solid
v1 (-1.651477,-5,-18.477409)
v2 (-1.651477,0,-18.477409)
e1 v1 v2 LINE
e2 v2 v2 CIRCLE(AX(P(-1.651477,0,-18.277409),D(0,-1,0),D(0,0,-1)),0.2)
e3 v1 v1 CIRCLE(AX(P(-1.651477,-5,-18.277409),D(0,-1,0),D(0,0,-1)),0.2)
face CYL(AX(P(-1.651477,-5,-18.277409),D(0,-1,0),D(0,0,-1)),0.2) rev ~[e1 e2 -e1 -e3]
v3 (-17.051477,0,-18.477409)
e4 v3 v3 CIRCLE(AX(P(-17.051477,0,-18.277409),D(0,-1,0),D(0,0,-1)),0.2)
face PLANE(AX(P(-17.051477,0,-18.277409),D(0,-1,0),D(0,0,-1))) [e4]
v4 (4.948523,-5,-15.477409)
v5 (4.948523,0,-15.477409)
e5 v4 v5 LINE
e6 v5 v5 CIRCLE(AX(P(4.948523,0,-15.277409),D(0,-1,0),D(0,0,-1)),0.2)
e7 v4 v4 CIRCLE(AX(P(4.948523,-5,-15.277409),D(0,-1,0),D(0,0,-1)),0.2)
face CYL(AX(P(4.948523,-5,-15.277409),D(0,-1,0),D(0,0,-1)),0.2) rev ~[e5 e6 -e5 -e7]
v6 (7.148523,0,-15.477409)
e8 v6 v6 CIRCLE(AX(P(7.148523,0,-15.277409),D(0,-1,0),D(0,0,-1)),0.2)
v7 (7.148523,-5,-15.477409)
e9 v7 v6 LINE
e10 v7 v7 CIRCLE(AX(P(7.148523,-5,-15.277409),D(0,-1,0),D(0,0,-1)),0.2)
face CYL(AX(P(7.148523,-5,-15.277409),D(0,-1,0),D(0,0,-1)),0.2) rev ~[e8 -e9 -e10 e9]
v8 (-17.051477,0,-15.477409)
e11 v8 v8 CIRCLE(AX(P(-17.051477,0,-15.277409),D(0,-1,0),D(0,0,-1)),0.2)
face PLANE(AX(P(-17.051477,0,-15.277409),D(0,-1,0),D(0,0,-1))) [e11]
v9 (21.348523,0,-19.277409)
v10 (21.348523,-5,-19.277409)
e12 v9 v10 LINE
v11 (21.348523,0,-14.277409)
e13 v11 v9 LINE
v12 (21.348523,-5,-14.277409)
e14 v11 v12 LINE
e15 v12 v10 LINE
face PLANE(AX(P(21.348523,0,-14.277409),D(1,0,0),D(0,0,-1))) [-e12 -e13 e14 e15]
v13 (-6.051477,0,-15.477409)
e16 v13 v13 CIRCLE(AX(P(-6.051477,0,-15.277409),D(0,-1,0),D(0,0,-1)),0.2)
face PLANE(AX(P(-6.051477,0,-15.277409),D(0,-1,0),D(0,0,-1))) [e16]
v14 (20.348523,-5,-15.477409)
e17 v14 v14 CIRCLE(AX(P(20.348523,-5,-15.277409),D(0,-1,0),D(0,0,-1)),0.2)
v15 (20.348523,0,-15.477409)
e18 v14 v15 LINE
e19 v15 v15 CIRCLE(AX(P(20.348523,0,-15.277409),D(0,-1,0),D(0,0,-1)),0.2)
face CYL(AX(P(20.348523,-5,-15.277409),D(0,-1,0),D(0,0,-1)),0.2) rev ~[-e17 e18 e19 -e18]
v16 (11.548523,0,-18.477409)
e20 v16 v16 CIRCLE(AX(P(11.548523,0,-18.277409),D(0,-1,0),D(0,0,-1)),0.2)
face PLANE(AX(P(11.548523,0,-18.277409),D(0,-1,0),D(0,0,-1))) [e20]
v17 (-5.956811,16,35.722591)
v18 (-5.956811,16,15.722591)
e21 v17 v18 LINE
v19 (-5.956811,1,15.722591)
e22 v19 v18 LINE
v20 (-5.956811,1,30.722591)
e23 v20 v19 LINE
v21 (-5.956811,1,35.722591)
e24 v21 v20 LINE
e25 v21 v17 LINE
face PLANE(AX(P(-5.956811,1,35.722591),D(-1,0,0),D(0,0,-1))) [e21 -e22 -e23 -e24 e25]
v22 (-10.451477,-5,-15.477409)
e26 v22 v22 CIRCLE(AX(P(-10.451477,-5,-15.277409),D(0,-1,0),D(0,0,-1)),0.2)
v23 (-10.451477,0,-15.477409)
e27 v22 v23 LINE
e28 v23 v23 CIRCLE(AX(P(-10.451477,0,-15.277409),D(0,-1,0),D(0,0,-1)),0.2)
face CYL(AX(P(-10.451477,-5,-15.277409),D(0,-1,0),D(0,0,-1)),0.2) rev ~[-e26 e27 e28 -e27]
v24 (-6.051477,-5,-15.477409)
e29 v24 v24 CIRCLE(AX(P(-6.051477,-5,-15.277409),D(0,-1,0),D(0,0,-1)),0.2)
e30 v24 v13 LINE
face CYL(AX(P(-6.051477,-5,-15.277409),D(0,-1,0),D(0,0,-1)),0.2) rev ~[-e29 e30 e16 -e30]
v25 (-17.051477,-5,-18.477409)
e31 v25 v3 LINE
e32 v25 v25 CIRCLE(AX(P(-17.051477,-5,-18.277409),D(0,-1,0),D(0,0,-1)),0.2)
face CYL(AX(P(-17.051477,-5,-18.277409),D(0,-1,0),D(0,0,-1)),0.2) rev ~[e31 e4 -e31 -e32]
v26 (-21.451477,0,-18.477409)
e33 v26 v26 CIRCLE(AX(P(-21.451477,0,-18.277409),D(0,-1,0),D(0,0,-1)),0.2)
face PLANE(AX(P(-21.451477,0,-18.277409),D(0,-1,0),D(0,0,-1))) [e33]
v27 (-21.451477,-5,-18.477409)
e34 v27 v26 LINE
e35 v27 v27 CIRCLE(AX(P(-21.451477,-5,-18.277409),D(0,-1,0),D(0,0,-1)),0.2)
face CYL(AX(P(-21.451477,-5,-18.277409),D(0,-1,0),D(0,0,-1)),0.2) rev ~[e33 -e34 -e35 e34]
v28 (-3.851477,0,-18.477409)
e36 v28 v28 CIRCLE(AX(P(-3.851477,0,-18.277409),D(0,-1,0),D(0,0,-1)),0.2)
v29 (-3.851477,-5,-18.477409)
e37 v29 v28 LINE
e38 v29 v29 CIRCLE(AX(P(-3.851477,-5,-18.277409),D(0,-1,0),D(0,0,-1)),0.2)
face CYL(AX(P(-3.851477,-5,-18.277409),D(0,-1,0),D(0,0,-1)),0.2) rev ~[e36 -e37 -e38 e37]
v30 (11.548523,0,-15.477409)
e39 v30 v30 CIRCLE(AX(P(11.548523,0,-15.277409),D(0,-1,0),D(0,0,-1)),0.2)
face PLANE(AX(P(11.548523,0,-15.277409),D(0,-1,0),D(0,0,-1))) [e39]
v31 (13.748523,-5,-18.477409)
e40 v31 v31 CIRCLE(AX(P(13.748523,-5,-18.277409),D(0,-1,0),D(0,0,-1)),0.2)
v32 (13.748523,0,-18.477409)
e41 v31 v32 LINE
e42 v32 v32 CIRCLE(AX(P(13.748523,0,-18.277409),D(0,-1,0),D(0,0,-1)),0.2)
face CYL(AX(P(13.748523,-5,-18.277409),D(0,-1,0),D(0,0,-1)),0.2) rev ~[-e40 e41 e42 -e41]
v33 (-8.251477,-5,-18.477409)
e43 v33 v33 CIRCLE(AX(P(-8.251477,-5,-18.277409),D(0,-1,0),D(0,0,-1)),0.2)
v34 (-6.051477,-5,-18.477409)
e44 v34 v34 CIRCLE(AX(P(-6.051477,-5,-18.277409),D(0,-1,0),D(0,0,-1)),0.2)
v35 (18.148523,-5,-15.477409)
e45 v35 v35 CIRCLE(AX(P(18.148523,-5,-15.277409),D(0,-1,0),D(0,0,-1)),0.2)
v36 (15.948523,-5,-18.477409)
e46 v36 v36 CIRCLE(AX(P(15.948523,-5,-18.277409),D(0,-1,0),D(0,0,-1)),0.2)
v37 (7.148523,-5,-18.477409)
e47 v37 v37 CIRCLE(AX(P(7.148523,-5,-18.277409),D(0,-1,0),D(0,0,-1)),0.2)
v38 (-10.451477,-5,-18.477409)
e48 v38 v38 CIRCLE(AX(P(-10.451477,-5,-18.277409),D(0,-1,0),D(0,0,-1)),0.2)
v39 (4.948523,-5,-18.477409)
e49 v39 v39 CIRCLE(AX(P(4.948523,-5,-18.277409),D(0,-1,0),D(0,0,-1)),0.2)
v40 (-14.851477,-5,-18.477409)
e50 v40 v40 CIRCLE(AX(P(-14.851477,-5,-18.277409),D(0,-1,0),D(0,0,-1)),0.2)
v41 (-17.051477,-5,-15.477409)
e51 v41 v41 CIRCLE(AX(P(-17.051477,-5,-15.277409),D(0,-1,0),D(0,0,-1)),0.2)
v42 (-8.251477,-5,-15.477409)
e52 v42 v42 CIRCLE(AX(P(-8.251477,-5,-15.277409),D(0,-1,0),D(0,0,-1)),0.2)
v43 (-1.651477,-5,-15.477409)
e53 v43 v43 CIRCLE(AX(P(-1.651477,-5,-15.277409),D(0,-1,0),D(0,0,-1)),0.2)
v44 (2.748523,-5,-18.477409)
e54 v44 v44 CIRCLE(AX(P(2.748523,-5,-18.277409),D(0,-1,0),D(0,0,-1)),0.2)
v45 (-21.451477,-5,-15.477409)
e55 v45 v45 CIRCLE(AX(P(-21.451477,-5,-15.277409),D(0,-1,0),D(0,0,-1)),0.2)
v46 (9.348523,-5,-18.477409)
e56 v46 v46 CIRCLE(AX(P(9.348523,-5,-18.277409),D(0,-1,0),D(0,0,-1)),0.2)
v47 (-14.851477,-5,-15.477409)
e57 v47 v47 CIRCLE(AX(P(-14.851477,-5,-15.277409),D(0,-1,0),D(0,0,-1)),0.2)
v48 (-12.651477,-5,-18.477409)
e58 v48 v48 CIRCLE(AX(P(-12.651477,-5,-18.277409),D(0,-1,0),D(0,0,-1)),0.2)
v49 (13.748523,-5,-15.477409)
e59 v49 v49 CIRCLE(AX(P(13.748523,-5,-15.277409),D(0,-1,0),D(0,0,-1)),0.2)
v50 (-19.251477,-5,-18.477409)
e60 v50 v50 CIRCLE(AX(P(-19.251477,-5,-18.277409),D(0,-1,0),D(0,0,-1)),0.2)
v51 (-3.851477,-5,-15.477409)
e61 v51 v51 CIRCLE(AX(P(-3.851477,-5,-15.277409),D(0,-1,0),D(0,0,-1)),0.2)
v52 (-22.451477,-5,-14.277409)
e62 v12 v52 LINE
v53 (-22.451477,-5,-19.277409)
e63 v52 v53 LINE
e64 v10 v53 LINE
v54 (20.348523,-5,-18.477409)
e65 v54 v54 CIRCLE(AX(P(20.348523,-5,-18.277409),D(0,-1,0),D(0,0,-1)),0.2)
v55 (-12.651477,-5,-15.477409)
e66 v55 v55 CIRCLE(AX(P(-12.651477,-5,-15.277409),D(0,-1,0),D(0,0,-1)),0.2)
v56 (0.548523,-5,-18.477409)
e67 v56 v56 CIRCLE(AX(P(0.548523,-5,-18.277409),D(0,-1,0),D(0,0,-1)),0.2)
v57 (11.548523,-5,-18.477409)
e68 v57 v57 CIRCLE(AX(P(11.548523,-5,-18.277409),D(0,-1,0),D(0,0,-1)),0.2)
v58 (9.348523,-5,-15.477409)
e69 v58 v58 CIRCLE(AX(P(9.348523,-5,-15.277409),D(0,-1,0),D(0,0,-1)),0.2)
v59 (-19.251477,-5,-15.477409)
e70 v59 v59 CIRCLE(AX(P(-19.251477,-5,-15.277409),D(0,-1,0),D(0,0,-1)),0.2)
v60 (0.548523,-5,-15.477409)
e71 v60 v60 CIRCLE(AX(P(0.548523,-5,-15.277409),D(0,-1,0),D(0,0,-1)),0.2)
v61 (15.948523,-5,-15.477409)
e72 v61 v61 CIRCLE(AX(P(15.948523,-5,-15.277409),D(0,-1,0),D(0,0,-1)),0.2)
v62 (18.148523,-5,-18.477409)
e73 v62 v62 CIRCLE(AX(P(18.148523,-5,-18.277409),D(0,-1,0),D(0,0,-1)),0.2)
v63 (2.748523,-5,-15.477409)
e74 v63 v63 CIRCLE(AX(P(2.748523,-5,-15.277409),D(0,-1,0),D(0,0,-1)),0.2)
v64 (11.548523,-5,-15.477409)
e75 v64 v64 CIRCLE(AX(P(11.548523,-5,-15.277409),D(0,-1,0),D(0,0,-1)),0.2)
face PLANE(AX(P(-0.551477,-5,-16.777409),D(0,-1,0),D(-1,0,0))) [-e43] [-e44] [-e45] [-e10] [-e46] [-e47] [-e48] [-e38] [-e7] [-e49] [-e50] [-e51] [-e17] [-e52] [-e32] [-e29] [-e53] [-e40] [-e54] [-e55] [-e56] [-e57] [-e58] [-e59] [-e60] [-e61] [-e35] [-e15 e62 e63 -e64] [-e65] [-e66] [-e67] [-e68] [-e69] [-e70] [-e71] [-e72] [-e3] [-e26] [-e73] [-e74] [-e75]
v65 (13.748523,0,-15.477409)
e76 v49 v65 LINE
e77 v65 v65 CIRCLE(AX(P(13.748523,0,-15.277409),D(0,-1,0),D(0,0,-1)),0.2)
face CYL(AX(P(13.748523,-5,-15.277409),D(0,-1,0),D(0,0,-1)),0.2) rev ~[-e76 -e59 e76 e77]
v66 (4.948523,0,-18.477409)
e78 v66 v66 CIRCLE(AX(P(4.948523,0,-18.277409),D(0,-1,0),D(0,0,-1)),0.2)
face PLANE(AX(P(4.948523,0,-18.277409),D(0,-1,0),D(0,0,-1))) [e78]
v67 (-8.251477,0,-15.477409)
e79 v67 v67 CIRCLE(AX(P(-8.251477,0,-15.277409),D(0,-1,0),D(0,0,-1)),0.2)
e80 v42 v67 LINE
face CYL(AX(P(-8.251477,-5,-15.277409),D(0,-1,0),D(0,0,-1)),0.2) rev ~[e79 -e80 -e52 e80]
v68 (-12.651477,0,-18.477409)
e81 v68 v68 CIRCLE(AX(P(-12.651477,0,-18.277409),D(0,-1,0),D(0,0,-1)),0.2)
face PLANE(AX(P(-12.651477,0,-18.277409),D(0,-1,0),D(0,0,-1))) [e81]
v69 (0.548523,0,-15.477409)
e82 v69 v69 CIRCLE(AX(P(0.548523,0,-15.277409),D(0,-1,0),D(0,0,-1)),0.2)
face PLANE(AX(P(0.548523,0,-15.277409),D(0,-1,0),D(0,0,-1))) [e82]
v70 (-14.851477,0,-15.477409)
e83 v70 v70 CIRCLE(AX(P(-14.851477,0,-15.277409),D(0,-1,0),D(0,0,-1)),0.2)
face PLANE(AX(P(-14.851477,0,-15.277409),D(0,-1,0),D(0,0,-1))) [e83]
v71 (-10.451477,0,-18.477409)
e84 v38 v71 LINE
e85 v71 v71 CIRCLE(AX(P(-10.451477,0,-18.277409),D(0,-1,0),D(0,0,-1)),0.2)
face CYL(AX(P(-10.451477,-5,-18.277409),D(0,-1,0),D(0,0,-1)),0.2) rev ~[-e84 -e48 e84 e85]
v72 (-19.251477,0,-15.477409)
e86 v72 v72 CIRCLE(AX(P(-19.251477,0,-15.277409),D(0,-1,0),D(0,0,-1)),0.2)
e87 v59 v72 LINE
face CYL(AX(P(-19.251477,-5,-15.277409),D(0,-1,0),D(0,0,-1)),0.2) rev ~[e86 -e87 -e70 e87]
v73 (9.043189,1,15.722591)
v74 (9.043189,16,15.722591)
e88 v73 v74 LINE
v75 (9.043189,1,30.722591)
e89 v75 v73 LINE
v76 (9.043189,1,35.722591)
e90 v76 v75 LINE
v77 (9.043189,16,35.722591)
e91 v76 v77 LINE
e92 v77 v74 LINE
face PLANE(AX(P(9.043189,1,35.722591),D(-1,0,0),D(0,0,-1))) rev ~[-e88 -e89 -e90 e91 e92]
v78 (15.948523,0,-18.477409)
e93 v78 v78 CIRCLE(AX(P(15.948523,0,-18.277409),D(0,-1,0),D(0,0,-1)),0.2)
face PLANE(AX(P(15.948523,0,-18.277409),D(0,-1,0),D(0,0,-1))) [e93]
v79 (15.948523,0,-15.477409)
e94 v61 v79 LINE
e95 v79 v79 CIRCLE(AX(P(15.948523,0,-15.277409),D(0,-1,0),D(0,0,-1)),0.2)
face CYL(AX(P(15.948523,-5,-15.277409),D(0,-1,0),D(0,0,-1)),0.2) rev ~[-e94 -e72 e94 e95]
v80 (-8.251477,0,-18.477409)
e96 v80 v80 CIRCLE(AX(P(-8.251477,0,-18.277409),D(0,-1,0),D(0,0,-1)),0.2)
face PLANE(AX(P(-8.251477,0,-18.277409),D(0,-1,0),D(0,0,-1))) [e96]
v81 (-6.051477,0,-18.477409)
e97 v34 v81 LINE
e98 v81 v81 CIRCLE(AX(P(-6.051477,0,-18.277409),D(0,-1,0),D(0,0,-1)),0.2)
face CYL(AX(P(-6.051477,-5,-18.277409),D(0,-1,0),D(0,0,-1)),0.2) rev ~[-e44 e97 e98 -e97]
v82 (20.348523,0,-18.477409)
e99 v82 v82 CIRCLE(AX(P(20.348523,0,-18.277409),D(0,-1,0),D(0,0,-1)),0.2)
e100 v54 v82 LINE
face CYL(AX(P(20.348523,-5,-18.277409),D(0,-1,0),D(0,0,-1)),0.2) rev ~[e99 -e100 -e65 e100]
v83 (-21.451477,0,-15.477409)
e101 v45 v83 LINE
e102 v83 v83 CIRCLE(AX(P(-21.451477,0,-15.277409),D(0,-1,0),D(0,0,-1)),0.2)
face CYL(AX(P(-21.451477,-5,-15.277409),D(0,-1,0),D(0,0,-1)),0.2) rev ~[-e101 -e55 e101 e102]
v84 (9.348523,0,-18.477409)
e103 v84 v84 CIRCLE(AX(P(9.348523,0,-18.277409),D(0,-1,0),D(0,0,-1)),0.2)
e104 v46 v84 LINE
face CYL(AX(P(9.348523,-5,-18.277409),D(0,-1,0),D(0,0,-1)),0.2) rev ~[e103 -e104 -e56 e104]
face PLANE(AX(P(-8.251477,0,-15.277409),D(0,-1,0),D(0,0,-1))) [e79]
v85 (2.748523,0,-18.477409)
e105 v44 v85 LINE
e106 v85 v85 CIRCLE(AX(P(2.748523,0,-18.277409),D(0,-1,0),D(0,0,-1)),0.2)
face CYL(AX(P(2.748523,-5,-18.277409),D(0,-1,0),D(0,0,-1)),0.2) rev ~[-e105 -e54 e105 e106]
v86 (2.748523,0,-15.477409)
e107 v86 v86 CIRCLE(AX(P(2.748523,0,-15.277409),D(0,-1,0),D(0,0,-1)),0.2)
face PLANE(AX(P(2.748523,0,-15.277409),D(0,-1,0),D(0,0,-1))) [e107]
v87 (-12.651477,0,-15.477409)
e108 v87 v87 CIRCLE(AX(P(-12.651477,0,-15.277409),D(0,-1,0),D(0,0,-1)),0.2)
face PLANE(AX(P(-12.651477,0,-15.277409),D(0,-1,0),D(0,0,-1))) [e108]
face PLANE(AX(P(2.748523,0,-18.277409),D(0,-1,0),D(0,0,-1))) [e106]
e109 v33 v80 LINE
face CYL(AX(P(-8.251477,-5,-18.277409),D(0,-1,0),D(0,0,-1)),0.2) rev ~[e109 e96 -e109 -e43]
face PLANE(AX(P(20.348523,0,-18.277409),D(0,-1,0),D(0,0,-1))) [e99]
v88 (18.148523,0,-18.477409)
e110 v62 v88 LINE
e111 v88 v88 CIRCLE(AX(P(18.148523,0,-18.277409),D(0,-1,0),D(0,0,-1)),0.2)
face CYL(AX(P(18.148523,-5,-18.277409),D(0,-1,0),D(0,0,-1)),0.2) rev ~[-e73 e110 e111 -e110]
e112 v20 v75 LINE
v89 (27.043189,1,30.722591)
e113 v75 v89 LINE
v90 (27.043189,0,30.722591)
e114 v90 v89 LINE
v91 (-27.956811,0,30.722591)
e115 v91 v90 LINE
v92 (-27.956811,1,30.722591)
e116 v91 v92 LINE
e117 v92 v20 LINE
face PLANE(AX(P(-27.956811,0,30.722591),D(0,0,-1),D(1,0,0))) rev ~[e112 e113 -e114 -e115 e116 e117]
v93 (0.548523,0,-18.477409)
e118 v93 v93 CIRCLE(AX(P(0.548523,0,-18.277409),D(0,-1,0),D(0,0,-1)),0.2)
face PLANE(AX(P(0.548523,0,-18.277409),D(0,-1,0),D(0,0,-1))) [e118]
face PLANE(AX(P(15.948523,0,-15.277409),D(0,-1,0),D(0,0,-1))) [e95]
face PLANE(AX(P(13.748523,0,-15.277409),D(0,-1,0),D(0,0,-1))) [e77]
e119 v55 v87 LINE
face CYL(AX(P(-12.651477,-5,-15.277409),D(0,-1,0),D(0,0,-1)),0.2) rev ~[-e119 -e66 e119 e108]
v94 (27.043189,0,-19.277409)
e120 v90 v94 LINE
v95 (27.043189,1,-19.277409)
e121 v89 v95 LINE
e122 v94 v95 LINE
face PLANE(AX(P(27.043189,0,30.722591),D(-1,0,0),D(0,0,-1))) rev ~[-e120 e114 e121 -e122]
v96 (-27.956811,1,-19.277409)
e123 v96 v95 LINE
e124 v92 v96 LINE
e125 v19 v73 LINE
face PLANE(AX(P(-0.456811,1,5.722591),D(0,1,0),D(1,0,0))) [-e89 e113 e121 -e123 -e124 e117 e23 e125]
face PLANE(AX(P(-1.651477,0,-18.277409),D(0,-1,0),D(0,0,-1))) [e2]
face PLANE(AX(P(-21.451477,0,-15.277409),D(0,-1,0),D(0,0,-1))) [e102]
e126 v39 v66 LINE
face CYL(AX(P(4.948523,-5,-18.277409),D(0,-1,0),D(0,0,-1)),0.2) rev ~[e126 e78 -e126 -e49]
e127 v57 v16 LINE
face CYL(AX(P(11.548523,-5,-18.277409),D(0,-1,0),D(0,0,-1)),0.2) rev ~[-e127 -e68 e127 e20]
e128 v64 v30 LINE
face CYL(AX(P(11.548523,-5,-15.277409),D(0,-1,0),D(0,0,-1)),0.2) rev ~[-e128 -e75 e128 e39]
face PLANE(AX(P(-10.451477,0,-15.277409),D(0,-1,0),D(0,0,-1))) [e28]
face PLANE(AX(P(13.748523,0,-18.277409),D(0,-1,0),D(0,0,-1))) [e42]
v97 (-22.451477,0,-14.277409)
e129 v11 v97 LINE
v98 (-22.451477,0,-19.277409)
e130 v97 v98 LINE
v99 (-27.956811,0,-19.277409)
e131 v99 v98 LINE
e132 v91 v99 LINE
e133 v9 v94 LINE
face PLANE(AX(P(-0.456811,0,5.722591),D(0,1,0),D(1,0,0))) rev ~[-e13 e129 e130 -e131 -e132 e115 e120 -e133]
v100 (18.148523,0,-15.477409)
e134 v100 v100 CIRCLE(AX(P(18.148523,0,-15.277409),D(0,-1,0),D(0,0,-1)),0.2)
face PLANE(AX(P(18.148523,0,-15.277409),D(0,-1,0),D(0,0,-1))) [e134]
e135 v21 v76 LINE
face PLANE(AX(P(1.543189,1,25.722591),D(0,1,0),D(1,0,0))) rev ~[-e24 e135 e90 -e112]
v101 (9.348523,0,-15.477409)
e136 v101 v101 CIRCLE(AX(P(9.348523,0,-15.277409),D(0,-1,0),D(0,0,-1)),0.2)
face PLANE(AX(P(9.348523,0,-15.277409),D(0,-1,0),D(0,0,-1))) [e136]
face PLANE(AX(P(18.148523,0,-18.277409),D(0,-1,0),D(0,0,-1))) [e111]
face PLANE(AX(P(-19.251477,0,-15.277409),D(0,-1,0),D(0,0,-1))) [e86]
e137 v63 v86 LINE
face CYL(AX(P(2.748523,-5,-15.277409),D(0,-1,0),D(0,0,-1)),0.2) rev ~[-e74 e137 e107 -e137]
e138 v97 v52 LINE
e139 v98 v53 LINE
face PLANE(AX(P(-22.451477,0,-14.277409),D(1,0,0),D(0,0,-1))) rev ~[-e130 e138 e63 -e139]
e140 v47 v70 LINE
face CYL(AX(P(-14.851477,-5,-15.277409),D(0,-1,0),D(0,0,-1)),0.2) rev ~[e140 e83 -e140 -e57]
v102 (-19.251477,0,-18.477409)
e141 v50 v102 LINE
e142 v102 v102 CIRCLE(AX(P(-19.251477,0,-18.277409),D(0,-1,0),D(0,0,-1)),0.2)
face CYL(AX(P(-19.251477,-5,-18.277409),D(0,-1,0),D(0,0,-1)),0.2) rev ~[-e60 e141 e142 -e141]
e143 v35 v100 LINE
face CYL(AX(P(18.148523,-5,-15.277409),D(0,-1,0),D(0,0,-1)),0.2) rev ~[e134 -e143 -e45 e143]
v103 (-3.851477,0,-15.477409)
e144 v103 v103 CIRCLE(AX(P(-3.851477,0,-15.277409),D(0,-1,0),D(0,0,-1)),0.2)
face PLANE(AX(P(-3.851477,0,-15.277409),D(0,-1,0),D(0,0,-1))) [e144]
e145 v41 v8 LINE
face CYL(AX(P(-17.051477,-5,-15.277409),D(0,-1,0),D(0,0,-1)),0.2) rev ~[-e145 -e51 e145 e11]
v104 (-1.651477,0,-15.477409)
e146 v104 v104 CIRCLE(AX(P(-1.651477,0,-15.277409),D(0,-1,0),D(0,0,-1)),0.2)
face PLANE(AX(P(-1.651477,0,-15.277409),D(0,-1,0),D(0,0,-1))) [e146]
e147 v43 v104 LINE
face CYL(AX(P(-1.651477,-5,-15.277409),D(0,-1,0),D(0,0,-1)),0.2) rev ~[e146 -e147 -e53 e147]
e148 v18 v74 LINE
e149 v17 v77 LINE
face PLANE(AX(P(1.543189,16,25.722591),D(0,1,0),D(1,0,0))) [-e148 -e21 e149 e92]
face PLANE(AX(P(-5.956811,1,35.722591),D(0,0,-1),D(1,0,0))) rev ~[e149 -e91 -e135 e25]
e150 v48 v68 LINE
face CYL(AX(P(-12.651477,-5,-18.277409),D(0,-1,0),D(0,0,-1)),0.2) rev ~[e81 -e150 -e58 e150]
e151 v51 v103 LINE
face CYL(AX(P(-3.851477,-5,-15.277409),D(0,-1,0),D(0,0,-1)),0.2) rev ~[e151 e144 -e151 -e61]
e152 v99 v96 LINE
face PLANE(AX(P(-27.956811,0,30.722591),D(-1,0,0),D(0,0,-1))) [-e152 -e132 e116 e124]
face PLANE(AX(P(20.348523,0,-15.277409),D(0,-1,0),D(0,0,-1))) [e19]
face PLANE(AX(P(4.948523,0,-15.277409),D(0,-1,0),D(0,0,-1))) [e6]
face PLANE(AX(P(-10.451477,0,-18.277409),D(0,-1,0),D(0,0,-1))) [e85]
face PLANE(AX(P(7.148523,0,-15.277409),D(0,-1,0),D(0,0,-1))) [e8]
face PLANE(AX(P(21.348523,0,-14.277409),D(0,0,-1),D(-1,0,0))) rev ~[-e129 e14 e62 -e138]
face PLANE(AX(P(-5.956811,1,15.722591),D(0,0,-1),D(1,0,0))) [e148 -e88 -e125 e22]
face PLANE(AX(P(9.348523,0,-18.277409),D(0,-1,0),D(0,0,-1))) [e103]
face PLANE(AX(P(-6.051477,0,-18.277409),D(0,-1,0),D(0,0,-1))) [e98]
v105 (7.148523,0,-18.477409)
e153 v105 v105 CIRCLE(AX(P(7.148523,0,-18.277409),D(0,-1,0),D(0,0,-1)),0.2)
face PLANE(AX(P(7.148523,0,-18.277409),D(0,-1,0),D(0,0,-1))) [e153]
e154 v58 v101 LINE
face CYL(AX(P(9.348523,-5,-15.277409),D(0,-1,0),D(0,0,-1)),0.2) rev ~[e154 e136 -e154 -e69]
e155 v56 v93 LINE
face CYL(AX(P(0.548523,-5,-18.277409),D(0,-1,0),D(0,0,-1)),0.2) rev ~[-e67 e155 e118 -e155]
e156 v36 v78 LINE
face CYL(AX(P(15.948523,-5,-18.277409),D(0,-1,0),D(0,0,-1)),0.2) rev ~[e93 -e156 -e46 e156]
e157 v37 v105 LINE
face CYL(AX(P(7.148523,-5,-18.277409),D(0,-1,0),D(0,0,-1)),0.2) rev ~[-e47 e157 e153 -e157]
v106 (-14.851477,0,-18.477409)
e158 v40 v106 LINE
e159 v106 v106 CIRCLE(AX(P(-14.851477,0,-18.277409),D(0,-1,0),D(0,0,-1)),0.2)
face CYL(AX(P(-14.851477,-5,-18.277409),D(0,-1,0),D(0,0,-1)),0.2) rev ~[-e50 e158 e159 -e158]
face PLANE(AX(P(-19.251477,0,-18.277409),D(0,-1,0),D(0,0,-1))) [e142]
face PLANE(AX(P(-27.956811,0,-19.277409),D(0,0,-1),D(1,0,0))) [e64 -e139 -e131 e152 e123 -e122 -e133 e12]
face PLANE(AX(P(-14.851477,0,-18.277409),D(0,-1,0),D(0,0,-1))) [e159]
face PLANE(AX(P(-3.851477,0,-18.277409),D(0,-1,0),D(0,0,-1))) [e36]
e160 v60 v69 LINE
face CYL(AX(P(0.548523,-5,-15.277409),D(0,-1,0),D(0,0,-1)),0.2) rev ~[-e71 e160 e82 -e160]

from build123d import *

# Parameters (mm, degrees)
SKETCH_1_W                  = 55
SKETCH_1_H                  = 50
EXTRUDE_1_DEPTH             = 1
SKETCH_2_W                  = 15
SKETCH_2_H                  = 20
EXTRUDE_2_DEPTH             = 15
SKETCH_11_W                 = 43.8
SKETCH_11_H                 = 5
EXTRUDE_7_DEPTH             = 5
SKETCH_12_R                 = 0.2
CUT_EXTRUDE_1_DEPTH         = 5
PATTERN_LINEAR_1_COUNT      = 20
PATTERN_LINEAR_1_PITCH      = 2.2
PATTERN_LINEAR_1_COUNT_DIR2 = 2
PATTERN_LINEAR_1_PITCH_DIR2 = 3


with BuildPart() as part:
    # 草图1 → 凸台-拉伸1 (new body)
    with BuildSketch(Plane(origin=(0, 0, 0), x_dir=(1, 0, 0), z_dir=(0, 1, 0))):
        with Locations((-0.456810631, -5.722591362)):
            Rectangle(SKETCH_1_W, SKETCH_1_H)
    extrude(amount=EXTRUDE_1_DEPTH)

    # 草图2 → 凸台-拉伸2 (add)
    with BuildSketch(Plane(origin=(0, 1, 0), x_dir=(1, 0, 0), z_dir=(0, 1, 0))):
        with Locations((1.543189369, -25.722591362)):
            Rectangle(SKETCH_2_W, SKETCH_2_H)
    extrude(amount=EXTRUDE_2_DEPTH)

    # 草图11 → 凸台-拉伸7 (add)
    with BuildSketch(Plane(origin=(0, 0, 0), x_dir=(-1, 0, 0), z_dir=(0, -1, 0))):
        with Locations((0.551477247, 16.777408638)):
            Rectangle(SKETCH_11_W, SKETCH_11_H)
    extrude(amount=EXTRUDE_7_DEPTH)

    # 草图12 → 切除-拉伸1 (cut)
    with BuildSketch(Plane(origin=(0, -5, 0), x_dir=(-1, 0, 0), z_dir=(0, -1, 0))):
        with Locations(Location((21.451477247, 15.277408638, 0), (0, 0, 90))):
            Circle(SKETCH_12_R)
    cut_extrude_1 = extrude(amount=-CUT_EXTRUDE_1_DEPTH, mode=Mode.SUBTRACT)

    # 阵列(线性)1: Cut-Extrude 1 20 × 2
    with Locations(*[(i * PATTERN_LINEAR_1_PITCH, 0, -j * PATTERN_LINEAR_1_PITCH_DIR2) for i in range(PATTERN_LINEAR_1_COUNT) for j in range(PATTERN_LINEAR_1_COUNT_DIR2) if (i, j) != (0, 0)]):
        add(cut_extrude_1, mode=Mode.SUBTRACT)


solid = part.part
